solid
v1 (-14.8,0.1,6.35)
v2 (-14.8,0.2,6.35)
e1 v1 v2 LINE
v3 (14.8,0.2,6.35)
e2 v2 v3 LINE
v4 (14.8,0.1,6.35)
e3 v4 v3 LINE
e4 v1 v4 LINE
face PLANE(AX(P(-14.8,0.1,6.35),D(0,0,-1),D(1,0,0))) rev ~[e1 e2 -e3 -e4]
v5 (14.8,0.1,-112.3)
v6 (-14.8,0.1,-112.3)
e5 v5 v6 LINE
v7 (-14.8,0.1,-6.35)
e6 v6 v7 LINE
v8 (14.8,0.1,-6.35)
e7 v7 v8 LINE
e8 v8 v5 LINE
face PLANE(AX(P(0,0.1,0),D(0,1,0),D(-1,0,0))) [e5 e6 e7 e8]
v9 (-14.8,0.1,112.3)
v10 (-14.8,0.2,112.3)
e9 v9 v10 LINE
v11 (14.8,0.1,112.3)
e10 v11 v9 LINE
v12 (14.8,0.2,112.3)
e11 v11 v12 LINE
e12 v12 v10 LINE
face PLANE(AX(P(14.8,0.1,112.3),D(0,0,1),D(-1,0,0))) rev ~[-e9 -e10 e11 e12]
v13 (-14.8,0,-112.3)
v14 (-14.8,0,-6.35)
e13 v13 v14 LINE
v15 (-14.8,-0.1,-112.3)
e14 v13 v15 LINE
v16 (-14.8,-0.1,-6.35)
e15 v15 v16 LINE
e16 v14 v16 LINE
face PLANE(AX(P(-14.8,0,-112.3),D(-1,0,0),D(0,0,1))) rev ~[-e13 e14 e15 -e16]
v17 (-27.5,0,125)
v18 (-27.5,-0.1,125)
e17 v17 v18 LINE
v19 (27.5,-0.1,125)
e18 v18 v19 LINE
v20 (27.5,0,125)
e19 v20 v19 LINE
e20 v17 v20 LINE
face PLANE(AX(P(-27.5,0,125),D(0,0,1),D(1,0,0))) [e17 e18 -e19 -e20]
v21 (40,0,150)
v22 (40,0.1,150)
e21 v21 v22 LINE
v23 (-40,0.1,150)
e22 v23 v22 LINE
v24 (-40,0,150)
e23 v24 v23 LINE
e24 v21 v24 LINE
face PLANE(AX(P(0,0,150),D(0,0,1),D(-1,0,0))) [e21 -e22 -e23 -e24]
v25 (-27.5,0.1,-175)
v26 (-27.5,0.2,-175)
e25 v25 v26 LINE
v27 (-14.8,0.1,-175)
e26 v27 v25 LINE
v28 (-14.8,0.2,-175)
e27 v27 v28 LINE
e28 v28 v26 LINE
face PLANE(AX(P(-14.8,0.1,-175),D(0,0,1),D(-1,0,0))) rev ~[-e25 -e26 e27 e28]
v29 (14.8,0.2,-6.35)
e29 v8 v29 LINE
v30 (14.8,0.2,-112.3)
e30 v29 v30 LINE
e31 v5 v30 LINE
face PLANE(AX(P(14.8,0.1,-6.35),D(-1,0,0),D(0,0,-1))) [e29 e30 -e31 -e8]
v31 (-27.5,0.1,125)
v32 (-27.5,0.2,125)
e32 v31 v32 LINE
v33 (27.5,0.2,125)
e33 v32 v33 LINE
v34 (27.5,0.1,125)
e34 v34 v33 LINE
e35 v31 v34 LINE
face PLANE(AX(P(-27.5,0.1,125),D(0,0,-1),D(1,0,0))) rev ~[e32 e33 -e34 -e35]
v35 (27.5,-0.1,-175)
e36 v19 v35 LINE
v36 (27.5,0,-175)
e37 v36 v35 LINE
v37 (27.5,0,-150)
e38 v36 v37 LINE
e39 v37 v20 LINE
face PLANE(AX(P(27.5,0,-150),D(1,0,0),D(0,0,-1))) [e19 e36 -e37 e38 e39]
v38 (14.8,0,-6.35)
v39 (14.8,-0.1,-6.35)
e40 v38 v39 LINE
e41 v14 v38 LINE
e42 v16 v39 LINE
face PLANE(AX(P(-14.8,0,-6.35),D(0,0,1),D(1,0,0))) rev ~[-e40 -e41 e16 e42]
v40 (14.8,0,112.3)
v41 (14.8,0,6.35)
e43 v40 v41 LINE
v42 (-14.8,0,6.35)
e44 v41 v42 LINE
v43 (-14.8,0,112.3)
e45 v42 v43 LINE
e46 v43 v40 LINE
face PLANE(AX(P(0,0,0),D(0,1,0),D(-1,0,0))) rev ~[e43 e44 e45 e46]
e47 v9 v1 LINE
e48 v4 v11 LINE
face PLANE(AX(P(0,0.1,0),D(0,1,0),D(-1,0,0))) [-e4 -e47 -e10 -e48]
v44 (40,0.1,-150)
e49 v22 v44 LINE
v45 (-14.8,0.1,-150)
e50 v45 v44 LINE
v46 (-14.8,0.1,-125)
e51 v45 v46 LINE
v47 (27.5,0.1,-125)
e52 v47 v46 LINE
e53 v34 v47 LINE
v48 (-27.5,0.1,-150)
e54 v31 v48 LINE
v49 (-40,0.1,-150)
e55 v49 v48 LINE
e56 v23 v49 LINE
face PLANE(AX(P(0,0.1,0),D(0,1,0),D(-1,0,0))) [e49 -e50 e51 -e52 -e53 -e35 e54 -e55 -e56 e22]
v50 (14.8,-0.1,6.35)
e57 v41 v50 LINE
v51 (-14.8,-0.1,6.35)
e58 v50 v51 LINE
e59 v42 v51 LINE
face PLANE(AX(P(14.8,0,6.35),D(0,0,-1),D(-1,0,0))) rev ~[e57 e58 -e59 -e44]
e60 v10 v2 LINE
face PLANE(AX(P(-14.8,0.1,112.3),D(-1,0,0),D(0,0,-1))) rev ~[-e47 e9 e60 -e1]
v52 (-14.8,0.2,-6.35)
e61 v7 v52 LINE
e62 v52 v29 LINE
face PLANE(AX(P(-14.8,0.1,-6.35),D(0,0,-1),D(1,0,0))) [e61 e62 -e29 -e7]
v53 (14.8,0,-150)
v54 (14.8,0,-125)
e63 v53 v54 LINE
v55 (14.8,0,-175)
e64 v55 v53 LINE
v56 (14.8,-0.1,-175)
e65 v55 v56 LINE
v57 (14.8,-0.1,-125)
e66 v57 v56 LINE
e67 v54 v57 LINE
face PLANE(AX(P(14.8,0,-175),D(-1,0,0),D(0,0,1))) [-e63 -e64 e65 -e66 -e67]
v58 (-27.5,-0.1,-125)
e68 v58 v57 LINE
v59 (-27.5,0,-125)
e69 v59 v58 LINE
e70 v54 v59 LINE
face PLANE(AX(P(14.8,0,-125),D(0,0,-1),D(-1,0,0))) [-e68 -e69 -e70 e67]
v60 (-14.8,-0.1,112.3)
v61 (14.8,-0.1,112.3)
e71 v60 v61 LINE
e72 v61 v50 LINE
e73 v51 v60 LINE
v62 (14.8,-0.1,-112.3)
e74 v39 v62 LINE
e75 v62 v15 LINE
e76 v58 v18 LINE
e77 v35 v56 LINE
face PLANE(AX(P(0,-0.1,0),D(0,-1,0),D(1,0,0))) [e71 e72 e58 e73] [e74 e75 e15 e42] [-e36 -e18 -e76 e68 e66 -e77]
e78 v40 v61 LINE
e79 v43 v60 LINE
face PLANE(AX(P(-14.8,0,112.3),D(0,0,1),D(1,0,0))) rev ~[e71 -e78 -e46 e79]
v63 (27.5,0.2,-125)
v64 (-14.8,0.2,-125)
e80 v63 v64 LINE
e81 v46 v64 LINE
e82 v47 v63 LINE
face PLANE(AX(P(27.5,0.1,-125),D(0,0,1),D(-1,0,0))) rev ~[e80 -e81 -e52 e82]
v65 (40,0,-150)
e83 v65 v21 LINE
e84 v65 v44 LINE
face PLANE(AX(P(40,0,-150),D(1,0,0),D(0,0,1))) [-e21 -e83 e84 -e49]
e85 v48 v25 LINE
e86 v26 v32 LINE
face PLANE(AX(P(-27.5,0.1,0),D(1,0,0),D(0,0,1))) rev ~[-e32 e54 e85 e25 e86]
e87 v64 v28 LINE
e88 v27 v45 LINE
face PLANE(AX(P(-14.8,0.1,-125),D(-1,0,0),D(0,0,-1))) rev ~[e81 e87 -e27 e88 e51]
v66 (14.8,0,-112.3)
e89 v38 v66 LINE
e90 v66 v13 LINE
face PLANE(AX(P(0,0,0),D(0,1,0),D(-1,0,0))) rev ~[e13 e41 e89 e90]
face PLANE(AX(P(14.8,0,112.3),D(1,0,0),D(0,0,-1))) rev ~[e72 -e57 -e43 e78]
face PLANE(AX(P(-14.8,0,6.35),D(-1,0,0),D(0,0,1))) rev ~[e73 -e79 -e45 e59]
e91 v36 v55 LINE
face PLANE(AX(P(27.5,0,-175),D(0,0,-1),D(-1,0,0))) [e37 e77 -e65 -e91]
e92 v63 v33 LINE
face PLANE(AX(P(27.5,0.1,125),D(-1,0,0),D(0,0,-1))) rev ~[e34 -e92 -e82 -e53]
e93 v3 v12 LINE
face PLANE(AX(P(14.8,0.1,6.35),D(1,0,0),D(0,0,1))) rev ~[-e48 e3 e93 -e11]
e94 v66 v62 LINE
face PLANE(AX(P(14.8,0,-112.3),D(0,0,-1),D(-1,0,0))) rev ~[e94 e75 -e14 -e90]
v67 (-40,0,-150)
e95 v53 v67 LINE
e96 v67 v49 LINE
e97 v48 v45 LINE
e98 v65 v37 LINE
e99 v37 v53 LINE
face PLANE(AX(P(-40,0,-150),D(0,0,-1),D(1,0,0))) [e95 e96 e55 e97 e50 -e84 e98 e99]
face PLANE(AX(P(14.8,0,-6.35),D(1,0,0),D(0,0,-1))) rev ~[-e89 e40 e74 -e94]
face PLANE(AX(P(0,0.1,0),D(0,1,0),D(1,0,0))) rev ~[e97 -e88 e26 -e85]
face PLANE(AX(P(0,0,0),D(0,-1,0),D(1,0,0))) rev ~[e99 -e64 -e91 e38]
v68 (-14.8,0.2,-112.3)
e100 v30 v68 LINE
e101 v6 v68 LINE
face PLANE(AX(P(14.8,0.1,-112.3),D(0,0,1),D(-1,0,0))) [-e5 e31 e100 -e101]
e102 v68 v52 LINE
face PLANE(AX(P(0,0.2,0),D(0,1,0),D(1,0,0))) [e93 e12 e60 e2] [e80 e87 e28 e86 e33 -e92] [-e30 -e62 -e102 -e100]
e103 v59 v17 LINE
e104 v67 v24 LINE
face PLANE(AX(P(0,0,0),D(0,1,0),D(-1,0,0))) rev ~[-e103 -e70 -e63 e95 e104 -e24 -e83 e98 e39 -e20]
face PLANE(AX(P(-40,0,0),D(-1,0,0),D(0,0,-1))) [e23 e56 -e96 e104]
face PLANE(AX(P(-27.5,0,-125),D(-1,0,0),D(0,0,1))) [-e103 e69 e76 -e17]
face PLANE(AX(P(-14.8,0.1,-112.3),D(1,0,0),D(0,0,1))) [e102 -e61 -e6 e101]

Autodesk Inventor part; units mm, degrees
ref_plane "YZ Plane" through (0, 0, 0) normal (1, 0, 0) x (0, 1, 0)
ref_plane "XZ Plane" through (0, 0, 0) normal (0, 1, 0) x (-1, 0, 0)
ref_plane "XY Plane" through (0, 0, 0) normal (0, 0, 1) x (1, 0, 0)
sketch "Sketch1" plane through (0, 0, 0) normal (0, 1, 0) x (-1, 0, 0)
  line L0 (40, -150) -> (-40, -150)
  line L1 (-40, -150) -> (-40, 150)
  line L2 (-40, 150) -> (40, 150)
  line L3 (40, 150) -> (40, -150)
  line L4 (0, -150) -> (0, 150)
  line L5 (40, 0) -> (-40, 0)
  point P0 (0, 0)
  dimension "d0" = 300
  dimension "d1" = 80
extrude "Extrusion1" add sketch "Sketch1" along normal blind 0.1
sketch "Sketch2" plane through (0, 0.1, 0) normal (0, 1, 0) x (1, 0, 0)
  line L0 (-40, -150) -> (40, -150) projected
  line L1 (40, -150) -> (40, 150) projected
  line L2 (40, 150) -> (-40, 150) projected
  line L3 (-40, 150) -> (-40, -150) projected
  line L4 (-27.5, 175) -> (-27.5, -125)
  line L5 (-27.5, -125) -> (27.5, -125)
  line L6 (27.5, -125) -> (27.5, 125)
  line L7 (27.5, 125) -> (-14.8, 125)
  line L8 (-14.8, 125) -> (-14.8, 175)
  line L9 (-14.8, 175) -> (-27.5, 175)
  line L10 (-14.8, 112.3) -> (-14.8, 6.35)
  line L11 (-14.8, 6.35) -> (14.8, 6.35)
  line L12 (14.8, 6.35) -> (14.8, 112.3)
  line L13 (14.8, 112.3) -> (-14.8, 112.3)
  line L14 (-14.8, -6.35) -> (14.8, -6.35)
  line L15 (14.8, -6.35) -> (14.8, -112.3)
  line L16 (14.8, -112.3) -> (-14.8, -112.3)
  line L17 (-14.8, -112.3) -> (-14.8, -6.35)
  line L18 (-40, 0) -> (40, 0)
  point P0 (0, 0)
  dimension "d4" = 12.7
  dimension "d5" = 12.7
  dimension "d6" = 12.7
  dimension "d7" = 12.7
  dimension "d8" = 12.7
  dimension "d9" = 25
  dimension "d10" = 25
  dimension "d11" = 12.5
  dimension "d12" = 12.5
  dimension "d13" = 250
  dimension "d14" = 50
extrude "Extrusion2" add sketch "Sketch2" along normal blind 0.1 contours L18 L6 L5 L4 | L4 L2 L8 L7 L6 L18 | L4 L9 L8 L2
sketch "Sketch3" plane through (0, 0, 0) normal (0, -1, 0) x (1, 0, 0)
  line L0 (40, -150) -> (-40, -150) projected
  line L1 (27.5, 125) -> (27.5, -175)
  line L2 (27.5, -175) -> (14.8, -175)
  line L3 (14.8, -175) -> (14.8, -125)
  line L4 (14.8, -125) -> (-27.5, -125)
  line L5 (-27.5, -125) -> (-27.5, 125)
  line L6 (-27.5, 125) -> (27.5, 125)
  line L7 (-14.8, 112.3) -> (14.8, 112.3)
  line L8 (14.8, 112.3) -> (14.8, 6.35)
  line L9 (14.8, 6.35) -> (-14.8, 6.35)
  line L10 (-14.8, 6.35) -> (-14.8, 112.3)
  line L11 (-14.8, -6.35) -> (14.8, -6.35)
  line L12 (14.8, -6.35) -> (14.8, -112.3)
  line L13 (14.8, -112.3) -> (-14.8, -112.3)
  line L14 (-14.8, -112.3) -> (-14.8, -6.35)
  line L15 (27.5, 125) -> (-27.5, 125) projected
  line L16 (-14.8, 112.3) -> (14.8, 112.3) projected
  line L17 (-27.5, 125) -> (-27.5, -150) projected
  line L18 (27.5, -125) -> (27.5, 125) projected
  line L19 (-14.8, -125) -> (27.5, -125) projected
  line L20 (14.8, -6.35) -> (14.8, -112.3) projected
  line L21 (-14.8, -112.3) -> (-14.8, -6.35) projected
  line L22 (-14.8, -6.35) -> (14.8, -6.35) projected
  line L23 (14.8, 6.35) -> (-14.8, 6.35) projected
  line L24 (14.8, -112.3) -> (-14.8, -112.3) projected
  line L25 (-14.8, -175) -> (-27.5, -175) projected
  point P0 (0, 0)
extrude "Extrusion3" add sketch "Sketch3" along normal blind 0.1 contours L1 L2 L3 L0 | L0 L3 L19 L1 | L19 L4 L5 L6 L1
properties part number "Captor"
